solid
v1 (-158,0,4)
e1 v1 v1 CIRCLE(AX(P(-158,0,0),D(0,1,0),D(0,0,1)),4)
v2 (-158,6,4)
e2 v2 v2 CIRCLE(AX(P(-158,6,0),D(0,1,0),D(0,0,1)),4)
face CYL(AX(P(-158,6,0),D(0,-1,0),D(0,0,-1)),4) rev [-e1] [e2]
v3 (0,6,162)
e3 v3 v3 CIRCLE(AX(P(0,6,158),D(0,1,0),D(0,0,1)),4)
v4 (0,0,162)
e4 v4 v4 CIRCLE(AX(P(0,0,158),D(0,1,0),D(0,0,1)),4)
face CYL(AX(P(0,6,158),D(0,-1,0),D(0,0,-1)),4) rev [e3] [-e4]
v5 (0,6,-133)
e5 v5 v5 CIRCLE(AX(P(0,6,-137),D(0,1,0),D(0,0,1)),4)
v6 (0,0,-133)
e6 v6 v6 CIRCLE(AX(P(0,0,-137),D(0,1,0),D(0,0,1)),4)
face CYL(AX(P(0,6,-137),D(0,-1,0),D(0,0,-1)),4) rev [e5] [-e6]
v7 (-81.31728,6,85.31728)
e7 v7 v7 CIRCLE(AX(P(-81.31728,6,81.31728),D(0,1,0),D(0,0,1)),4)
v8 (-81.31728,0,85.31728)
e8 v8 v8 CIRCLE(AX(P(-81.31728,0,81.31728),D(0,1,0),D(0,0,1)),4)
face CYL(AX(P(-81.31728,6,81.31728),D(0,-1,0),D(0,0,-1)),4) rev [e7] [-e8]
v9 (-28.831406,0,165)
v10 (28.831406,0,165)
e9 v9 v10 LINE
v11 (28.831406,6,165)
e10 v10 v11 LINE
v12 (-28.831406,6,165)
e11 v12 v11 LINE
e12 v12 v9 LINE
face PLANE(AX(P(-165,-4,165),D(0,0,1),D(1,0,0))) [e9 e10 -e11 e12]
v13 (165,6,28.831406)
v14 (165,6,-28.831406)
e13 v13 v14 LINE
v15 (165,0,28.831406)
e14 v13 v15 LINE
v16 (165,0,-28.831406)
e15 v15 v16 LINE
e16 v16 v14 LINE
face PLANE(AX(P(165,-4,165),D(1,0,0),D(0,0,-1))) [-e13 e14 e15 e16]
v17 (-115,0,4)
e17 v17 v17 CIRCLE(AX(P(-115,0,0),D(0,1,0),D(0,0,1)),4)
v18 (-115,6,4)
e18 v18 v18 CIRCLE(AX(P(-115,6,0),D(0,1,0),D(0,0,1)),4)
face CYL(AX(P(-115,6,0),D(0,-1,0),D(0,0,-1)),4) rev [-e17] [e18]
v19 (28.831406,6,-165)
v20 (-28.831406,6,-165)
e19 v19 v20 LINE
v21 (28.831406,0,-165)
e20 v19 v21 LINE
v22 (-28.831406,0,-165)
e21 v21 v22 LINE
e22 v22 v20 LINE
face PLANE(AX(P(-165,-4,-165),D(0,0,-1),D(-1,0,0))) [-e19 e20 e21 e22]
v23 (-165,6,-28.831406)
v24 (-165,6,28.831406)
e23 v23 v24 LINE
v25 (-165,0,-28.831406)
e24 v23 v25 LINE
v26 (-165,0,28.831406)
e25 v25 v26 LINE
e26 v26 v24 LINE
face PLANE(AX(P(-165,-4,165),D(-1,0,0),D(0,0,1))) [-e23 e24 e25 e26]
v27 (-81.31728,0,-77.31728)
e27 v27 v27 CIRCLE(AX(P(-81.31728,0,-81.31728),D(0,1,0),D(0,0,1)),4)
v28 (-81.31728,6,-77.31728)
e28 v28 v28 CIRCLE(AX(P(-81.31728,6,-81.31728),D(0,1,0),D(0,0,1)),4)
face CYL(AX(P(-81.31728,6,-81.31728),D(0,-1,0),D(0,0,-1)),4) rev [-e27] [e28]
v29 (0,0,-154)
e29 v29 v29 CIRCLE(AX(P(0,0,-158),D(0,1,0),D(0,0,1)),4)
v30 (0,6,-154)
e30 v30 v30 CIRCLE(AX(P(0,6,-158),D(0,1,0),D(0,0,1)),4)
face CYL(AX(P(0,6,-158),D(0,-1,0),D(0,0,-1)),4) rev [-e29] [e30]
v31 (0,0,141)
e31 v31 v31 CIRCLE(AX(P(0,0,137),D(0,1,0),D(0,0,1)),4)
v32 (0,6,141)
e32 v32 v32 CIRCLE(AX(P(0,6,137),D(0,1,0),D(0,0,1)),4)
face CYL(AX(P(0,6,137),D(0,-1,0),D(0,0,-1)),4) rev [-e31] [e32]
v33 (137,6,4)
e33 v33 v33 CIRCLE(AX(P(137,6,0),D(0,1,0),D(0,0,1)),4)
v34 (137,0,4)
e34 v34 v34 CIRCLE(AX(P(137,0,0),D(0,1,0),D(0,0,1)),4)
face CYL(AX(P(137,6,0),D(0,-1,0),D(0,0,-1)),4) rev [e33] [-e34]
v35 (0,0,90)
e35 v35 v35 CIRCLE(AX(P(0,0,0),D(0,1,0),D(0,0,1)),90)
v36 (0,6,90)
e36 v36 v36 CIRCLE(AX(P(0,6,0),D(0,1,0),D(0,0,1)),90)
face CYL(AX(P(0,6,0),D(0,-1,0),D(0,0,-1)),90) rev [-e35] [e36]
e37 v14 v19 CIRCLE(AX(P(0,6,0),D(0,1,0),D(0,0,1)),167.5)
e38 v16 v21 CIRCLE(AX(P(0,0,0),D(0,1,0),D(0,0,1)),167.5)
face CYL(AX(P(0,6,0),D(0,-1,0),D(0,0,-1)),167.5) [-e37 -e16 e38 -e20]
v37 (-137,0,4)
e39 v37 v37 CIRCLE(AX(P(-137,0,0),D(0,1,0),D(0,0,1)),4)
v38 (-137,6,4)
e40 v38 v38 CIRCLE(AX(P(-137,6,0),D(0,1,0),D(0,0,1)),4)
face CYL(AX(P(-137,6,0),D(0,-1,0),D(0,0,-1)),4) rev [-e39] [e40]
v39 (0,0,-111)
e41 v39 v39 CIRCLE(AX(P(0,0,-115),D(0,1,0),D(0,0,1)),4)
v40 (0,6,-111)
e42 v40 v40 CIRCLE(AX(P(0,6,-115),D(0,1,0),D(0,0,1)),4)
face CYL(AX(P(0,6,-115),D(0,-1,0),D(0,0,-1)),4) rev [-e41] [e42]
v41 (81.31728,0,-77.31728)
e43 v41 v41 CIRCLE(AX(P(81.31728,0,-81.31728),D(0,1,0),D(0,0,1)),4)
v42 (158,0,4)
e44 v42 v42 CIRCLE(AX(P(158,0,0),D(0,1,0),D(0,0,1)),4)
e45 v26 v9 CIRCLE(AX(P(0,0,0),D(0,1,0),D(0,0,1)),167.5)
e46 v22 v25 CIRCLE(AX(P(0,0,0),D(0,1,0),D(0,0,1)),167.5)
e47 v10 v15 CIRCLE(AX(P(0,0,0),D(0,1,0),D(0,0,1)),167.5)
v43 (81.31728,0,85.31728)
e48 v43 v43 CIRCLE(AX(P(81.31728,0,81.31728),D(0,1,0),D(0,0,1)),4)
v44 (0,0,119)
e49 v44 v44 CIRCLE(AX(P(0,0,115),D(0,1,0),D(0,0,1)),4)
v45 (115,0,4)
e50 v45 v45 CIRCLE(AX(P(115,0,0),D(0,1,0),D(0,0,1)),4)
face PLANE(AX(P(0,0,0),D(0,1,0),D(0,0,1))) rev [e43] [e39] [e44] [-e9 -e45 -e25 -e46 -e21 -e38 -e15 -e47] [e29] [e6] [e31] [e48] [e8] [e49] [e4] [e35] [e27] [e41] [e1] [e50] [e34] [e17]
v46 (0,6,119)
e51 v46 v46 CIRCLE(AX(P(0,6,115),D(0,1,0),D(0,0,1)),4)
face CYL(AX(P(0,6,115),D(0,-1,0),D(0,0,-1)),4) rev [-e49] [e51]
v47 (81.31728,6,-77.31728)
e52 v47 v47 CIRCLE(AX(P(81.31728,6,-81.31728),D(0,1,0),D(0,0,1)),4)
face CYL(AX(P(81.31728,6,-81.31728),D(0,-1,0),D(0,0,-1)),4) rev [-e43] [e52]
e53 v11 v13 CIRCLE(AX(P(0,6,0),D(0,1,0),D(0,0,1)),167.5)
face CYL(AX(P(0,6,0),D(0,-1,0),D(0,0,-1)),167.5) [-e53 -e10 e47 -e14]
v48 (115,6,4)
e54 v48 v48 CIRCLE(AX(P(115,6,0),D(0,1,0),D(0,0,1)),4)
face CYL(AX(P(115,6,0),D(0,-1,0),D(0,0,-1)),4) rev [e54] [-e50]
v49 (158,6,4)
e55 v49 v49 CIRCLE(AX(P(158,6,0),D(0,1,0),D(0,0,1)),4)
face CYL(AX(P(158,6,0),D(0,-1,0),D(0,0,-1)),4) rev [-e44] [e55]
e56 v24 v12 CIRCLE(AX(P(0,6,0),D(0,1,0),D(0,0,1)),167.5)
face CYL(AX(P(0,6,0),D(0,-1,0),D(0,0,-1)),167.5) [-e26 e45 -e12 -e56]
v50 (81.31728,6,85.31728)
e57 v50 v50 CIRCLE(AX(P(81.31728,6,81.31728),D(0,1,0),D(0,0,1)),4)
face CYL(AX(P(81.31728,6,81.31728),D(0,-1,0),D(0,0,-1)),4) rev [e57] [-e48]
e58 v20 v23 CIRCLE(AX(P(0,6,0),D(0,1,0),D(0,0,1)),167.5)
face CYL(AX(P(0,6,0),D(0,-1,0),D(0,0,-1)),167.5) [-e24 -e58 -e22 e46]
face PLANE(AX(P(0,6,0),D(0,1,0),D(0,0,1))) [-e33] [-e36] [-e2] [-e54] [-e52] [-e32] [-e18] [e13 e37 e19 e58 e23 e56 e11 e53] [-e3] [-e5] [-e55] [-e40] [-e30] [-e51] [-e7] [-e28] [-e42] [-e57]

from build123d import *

# Parameters (mm, degrees)
SKETCH1_R           = 167.5
SKETCH1_R_2         = 4
SKETCH1_R_3         = 90
BOSS_EXTRUDE1_DEPTH = 6
SKETCH4_OUTSIDE_W   = 431.76
SKETCH4_OUTSIDE_H   = 431.76
SKETCH4_OUTSIDE_W_2 = 330
SKETCH4_OUTSIDE_H_2 = 330
CUT_EXTRUDE3_DEPTH  = 10


with BuildPart() as part:
    # Sketch1 → Boss-Extrude1 (new body)
    with BuildSketch(Plane(origin=(0, 0, 0), x_dir=(1, 0, 0), z_dir=(0, 1, 0))):
        with Locations(Location((0, 0, 0), (0, 0, 270))):
            Circle(SKETCH1_R)
        with Locations(Location((0, 115, 0), (0, 0, 270))):
            Circle(SKETCH1_R_2, mode=Mode.SUBTRACT)
        with Locations(Location((0, 0, 0), (0, 0, 270))):
            Circle(SKETCH1_R_3, mode=Mode.SUBTRACT)
        with Locations(Location((-137, 0, 0), (0, 0, 270))):
            Circle(SKETCH1_R_2, mode=Mode.SUBTRACT)
        with Locations(Location((-158, 0, 0), (0, 0, 270))):
            Circle(SKETCH1_R_2, mode=Mode.SUBTRACT)
        with Locations(Location((0, -158, 0), (0, 0, 270))):
            Circle(SKETCH1_R_2, mode=Mode.SUBTRACT)
        with Locations(Location((0, -137, 0), (0, 0, 270))):
            Circle(SKETCH1_R_2, mode=Mode.SUBTRACT)
        with Locations(Location((81.317279836, 81.317279836, 0), (0, 0, 270))):
            Circle(SKETCH1_R_2, mode=Mode.SUBTRACT)
        with Locations(Location((115, 0, 0), (0, 0, 270))):
            Circle(SKETCH1_R_2, mode=Mode.SUBTRACT)
        with Locations(Location((81.317279836, -81.317279836, 0), (0, 0, 270))):
            Circle(SKETCH1_R_2, mode=Mode.SUBTRACT)
        with Locations(Location((0, -115, 0), (0, 0, 270))):
            Circle(SKETCH1_R_2, mode=Mode.SUBTRACT)
        with Locations(Location((-81.317279836, -81.317279836, 0), (0, 0, 270))):
            Circle(SKETCH1_R_2, mode=Mode.SUBTRACT)
        with Locations(Location((-115, 0, 0), (0, 0, 270))):
            Circle(SKETCH1_R_2, mode=Mode.SUBTRACT)
        with Locations(Location((-81.317279836, 81.317279836, 0), (0, 0, 270))):
            Circle(SKETCH1_R_2, mode=Mode.SUBTRACT)
        with Locations(Location((0, 137, 0), (0, 0, 270))):
            Circle(SKETCH1_R_2, mode=Mode.SUBTRACT)
        with Locations(Location((0, 158, 0), (0, 0, 270))):
            Circle(SKETCH1_R_2, mode=Mode.SUBTRACT)
        with Locations(Location((137, 0, 0), (0, 0, 270))):
            Circle(SKETCH1_R_2, mode=Mode.SUBTRACT)
        with Locations(Location((158, 0, 0), (0, 0, 270))):
            Circle(SKETCH1_R_2, mode=Mode.SUBTRACT)
    extrude(amount=BOSS_EXTRUDE1_DEPTH)

    # Sketch4 outside → Cut-Extrude3 (cut)
    with BuildSketch(Plane(origin=(0, 6, 0), x_dir=(1, 0, 0), z_dir=(0, 1, 0))):
        Rectangle(SKETCH4_OUTSIDE_W, SKETCH4_OUTSIDE_H)
        Rectangle(SKETCH4_OUTSIDE_W_2, SKETCH4_OUTSIDE_H_2, mode=Mode.SUBTRACT)
    extrude(amount=-CUT_EXTRUDE3_DEPTH, mode=Mode.SUBTRACT)


solid = part.part
